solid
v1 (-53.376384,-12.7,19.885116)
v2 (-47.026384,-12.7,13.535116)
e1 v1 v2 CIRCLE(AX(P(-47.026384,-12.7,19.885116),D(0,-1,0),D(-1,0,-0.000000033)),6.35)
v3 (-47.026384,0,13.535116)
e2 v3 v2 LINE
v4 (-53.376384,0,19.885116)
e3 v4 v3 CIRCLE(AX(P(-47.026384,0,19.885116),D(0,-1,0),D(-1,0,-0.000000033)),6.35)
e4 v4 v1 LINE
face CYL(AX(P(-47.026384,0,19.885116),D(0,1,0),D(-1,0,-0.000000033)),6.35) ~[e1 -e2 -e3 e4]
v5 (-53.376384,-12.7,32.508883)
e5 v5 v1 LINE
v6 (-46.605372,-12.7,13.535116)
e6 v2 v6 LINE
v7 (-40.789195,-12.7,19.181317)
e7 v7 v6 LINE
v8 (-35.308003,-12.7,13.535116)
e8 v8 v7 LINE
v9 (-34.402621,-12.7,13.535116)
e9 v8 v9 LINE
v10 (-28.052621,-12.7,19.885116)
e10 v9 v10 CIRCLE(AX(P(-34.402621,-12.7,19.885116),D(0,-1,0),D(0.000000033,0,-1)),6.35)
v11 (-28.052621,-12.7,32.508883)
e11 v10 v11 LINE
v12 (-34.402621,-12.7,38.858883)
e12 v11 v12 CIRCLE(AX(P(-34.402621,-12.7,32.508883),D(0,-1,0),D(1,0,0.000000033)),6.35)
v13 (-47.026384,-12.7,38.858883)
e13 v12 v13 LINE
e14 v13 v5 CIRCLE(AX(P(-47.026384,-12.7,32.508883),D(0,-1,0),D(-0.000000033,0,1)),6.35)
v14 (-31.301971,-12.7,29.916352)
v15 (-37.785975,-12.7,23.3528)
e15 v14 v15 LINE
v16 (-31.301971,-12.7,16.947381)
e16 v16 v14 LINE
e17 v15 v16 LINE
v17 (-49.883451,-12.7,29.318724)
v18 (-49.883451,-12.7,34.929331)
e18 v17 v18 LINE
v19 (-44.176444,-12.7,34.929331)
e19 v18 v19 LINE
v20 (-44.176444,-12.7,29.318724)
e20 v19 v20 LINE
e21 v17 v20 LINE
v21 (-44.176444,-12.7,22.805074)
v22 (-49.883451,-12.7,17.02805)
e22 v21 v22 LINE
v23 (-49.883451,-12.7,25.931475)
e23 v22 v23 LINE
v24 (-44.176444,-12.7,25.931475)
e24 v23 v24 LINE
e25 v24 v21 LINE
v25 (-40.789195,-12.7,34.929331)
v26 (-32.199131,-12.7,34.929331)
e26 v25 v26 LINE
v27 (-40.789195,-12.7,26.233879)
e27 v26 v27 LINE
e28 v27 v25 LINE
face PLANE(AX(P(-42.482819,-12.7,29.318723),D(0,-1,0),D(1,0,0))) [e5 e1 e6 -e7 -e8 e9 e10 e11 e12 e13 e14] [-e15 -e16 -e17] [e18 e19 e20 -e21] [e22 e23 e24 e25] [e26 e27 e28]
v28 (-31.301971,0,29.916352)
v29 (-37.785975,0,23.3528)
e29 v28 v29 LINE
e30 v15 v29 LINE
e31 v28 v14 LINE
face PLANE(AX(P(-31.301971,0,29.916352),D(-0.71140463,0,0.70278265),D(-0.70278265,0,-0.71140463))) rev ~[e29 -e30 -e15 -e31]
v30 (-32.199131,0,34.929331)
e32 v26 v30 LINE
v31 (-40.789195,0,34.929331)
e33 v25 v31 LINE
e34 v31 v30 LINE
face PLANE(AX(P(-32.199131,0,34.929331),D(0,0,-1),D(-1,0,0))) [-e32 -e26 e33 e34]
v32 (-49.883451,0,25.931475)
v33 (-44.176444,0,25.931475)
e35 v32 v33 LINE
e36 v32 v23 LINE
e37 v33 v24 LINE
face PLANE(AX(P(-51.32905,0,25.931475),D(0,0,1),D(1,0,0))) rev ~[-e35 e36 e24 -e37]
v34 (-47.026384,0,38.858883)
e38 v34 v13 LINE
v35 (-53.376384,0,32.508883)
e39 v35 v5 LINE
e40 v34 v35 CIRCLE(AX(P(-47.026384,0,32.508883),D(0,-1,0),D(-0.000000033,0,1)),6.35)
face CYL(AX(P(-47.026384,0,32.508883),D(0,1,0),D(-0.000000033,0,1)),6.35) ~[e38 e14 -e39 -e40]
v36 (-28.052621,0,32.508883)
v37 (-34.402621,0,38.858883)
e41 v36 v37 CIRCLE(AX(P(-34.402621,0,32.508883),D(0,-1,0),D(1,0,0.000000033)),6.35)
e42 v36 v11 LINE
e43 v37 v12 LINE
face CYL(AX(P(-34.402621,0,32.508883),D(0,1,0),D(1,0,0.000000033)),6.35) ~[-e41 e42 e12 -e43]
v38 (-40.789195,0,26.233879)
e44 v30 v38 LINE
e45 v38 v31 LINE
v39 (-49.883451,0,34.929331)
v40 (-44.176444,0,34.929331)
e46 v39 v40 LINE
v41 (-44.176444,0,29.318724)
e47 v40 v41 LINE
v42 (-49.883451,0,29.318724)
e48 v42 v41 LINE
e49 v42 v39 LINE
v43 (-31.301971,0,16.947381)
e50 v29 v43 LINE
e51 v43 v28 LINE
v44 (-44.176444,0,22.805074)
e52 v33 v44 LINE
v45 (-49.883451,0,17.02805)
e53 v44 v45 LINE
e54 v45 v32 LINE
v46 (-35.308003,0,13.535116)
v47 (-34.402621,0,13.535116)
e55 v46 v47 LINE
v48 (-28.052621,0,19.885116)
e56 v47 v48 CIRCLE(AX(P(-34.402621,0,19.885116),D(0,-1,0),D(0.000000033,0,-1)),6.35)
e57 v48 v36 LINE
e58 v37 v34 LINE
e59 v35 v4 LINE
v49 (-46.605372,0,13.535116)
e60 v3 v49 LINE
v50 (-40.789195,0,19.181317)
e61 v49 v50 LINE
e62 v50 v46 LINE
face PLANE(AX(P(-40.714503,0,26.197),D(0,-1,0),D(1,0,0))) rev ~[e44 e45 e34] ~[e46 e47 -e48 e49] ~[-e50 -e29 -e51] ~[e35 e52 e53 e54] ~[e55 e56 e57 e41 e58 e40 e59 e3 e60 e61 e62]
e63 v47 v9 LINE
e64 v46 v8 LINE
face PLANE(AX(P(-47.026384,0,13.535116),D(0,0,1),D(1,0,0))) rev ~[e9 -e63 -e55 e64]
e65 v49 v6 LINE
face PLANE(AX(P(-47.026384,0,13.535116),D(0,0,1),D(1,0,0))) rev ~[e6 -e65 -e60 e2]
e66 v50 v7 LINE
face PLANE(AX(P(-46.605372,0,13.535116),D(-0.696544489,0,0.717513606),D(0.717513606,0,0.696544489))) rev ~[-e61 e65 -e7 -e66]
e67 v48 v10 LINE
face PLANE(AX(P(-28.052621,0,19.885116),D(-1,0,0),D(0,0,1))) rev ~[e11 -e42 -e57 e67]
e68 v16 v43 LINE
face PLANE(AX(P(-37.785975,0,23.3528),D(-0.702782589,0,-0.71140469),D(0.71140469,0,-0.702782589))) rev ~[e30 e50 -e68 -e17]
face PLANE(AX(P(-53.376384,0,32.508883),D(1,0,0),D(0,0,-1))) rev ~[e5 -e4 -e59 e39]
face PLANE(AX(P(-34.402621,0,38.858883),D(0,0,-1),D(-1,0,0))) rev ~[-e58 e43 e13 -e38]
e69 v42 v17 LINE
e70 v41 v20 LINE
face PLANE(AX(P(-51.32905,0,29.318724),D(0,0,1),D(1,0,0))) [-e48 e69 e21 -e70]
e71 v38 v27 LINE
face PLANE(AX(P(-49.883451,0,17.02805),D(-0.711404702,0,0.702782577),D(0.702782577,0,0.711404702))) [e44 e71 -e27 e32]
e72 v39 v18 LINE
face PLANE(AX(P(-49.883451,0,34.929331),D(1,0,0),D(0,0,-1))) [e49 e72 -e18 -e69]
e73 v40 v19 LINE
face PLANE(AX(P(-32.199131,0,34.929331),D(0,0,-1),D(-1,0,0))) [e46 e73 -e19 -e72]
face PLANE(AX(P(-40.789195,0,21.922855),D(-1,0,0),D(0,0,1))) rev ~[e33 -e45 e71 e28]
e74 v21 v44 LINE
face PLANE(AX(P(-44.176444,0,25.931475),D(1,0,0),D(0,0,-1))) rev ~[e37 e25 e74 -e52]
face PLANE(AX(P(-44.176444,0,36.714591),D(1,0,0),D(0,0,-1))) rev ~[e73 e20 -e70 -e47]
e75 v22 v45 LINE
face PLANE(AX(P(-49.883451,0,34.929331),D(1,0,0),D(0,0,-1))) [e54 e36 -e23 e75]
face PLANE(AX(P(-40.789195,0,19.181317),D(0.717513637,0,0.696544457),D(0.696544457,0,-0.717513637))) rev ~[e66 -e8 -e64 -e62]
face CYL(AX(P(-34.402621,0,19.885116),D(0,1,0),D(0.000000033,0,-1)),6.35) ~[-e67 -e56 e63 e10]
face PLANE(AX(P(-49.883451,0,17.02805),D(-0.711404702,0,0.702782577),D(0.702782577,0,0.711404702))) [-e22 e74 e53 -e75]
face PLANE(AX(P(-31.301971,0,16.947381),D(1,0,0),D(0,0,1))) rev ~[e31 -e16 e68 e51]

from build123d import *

# Parameters (mm, degrees)
F2_DEPTH = 12.7
F3_DEPTH = 25.4
F4_W     = 7.152606
F4_H     = 3.387249
F5_DEPTH = 12.7
F7_DEPTH = 254


with BuildPart() as f2:
    # F0 (on Front) → F2 (new body)
    with BuildSketch(Plane.XZ):
        with BuildLine():
            Line((-34.402621, 38.858883), (-47.026384, 38.858883))
            ThreePointArc((-47.026384, 38.858883), (-51.516512, 36.999011), (-53.376384, 32.508883))
            Line((-53.376384, 32.508883), (-53.376384, 19.885116))
            ThreePointArc((-53.376384, 19.885116), (-51.516512, 15.394988), (-47.026384, 13.535116))
            Line((-47.026384, 13.535116), (-34.402621, 13.535116))
            ThreePointArc((-34.402621, 13.535116), (-29.912493, 15.394988), (-28.052621, 19.885116))
            Line((-28.052621, 19.885116), (-28.052621, 32.508883))
            ThreePointArc((-28.052621, 32.508883), (-29.912493, 36.999011), (-34.402621, 38.858883))
        make_face()
    extrude(amount=F2_DEPTH)

    # F1 (on Front) → F3 (cut, symmetric)
    with BuildSketch(Plane.XZ):
        Polygon((-32.199131, 34.929331), (-49.883451, 34.929331), (-49.883451, 17.02805), align=None)
        Polygon((-31.301971, 16.947381), (-31.301971, 29.916352), (-37.785975, 23.3528), align=None)
    extrude(amount=F3_DEPTH, both=True, mode=Mode.SUBTRACT)

    # F4 (on Front) → F5 (join)
    with BuildSketch(Plane.XZ):
        Polygon((-44.176444, 25.931474), (-44.176444, 21.922855), (-40.789195, 21.922855), (-40.789195, 36.714591), (-44.176444, 36.714591), (-44.176444, 29.318723), align=None)
        with Locations((-47.752747, 27.625099)):
            Rectangle(F4_W, F4_H)
    extrude(amount=F5_DEPTH)

    # F6 (on face) → F7 (cut)
    with BuildSketch(Plane(origin=(0, 0, 0), x_dir=(-1, 0, 0), z_dir=(0, 1, 0))):
        Polygon((35.308003, 13.535116), (46.605372, 13.535116), (40.789195, 19.181317), align=None)
        Polygon((33.403759, 11.573545), (47.081295, 13.073102), (46.605372, 13.535116), (35.308003, 13.535116), align=None)
    extrude(amount=-F7_DEPTH, mode=Mode.SUBTRACT)


solid = f2.part
